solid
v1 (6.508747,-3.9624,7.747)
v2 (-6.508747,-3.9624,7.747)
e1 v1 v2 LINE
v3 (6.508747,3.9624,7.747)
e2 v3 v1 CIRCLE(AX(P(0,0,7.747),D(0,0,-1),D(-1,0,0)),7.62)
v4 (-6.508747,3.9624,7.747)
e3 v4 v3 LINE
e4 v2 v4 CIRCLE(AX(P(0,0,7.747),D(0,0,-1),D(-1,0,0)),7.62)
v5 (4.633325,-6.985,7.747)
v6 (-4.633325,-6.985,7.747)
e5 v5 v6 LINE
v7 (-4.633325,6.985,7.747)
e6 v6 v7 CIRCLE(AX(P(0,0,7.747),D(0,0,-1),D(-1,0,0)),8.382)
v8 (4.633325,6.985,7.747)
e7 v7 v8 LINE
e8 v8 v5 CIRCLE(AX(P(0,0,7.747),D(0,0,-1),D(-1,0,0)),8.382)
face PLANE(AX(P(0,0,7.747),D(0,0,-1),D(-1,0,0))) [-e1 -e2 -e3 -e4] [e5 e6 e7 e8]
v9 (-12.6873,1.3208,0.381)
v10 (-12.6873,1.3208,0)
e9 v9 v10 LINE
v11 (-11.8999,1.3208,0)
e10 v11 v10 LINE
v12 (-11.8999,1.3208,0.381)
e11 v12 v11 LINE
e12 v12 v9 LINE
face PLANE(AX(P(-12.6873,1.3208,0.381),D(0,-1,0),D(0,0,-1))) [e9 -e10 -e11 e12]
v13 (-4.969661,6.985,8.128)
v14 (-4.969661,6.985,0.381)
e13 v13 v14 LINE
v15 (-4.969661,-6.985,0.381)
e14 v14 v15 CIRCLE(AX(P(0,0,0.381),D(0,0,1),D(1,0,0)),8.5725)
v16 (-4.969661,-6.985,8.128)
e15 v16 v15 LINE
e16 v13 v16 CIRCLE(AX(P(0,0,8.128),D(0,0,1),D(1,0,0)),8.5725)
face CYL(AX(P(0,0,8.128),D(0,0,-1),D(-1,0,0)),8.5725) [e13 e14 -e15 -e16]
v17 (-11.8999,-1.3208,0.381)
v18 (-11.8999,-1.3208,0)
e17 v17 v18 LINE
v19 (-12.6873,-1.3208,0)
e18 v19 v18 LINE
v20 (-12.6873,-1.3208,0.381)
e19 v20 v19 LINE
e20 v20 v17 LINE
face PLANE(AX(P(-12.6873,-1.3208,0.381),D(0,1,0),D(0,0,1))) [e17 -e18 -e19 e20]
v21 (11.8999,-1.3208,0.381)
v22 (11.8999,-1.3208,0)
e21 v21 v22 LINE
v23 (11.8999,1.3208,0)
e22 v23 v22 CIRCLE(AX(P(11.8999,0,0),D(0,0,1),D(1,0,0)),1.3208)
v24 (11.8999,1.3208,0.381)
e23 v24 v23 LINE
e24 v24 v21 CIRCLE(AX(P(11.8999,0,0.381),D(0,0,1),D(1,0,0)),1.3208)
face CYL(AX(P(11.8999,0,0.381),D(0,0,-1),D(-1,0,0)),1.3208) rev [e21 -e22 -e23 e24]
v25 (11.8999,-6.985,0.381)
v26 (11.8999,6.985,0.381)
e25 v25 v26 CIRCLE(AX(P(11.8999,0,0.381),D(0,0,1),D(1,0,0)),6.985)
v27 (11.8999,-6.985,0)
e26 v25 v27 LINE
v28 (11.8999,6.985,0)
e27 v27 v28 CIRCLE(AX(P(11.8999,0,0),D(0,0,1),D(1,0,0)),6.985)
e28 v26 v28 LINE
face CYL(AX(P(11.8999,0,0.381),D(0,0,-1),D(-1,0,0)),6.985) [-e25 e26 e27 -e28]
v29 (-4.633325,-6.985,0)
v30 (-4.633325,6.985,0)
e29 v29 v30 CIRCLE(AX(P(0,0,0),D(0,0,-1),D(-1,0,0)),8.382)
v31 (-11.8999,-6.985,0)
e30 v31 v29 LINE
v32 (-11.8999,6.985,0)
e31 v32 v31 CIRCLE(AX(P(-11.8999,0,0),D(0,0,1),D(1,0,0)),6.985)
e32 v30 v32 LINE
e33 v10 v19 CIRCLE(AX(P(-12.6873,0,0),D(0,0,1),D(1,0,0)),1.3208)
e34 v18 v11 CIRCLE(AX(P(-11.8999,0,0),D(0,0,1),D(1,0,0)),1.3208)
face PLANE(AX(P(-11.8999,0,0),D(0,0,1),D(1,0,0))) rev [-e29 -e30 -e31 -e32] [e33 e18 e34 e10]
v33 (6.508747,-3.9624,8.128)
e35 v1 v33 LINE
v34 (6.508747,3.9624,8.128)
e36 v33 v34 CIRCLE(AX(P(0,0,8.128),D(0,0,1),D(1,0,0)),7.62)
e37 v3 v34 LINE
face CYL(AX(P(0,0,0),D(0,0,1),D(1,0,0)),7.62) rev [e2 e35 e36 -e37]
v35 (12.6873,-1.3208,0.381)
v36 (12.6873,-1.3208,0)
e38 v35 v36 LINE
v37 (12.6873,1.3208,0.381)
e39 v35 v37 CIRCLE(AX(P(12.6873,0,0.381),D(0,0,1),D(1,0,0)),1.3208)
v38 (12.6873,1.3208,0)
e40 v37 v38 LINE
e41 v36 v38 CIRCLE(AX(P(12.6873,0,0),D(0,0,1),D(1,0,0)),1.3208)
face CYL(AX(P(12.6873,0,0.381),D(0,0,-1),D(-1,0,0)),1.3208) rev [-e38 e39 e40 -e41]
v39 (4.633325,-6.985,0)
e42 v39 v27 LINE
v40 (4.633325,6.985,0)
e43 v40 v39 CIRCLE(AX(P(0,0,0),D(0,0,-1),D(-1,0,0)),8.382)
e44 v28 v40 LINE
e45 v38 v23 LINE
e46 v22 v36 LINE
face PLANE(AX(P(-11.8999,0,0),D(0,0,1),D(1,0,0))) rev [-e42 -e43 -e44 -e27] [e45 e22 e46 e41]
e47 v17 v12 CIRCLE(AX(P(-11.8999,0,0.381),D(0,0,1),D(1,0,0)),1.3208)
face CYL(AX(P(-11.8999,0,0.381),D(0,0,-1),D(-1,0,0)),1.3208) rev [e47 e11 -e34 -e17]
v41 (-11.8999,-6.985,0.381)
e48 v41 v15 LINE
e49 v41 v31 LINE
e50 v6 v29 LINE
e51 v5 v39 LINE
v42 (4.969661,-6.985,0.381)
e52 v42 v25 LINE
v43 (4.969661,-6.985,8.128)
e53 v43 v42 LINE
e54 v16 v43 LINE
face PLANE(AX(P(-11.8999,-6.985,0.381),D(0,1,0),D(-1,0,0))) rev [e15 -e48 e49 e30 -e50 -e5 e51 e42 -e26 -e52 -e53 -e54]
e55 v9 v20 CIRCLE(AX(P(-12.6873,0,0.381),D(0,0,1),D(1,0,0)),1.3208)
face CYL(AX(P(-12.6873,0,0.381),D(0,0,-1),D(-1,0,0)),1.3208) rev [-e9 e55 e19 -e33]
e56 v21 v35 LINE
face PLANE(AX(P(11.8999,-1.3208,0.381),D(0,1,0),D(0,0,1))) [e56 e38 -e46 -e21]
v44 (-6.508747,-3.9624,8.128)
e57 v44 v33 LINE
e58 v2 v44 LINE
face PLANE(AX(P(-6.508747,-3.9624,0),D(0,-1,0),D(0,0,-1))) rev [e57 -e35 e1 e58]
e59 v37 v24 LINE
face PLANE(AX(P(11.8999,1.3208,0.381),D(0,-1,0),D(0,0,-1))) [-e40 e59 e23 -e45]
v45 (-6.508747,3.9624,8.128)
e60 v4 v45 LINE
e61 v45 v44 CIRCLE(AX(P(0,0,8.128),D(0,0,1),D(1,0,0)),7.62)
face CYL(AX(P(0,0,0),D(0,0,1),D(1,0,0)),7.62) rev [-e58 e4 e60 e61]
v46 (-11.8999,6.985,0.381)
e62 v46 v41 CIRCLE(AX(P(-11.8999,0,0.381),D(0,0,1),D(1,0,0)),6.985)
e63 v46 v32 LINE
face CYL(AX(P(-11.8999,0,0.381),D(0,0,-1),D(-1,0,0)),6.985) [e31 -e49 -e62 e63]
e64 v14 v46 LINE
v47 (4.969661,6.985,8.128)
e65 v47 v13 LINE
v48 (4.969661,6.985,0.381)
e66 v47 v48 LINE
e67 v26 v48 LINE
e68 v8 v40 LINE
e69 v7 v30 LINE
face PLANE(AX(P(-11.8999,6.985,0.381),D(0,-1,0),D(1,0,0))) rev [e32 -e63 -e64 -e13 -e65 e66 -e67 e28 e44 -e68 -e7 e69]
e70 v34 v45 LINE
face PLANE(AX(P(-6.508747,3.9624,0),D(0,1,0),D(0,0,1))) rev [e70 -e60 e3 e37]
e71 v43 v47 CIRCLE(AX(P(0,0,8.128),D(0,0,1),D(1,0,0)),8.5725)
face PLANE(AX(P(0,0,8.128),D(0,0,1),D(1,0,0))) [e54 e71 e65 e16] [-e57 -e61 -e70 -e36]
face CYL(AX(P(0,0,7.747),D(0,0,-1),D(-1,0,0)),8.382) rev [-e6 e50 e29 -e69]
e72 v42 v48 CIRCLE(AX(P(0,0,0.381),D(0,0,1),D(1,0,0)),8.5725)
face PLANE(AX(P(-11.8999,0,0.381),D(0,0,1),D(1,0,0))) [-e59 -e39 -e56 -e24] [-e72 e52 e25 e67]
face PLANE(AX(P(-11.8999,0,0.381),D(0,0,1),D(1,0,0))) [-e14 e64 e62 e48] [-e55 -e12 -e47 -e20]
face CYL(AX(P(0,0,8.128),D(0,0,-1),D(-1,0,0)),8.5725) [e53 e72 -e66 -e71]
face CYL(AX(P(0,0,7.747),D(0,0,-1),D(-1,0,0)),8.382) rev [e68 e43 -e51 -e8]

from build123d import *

# Parameters (mm, degrees)
EXTRUDE1_DEPTH     = 0.381
EXTRUDE2_DEPTH     = 7.747
CUT_EXTRUDE1_DEPTH = 7.747
CUT_EXTRUDE2_DEPTH = 9.128


with BuildPart() as part:
    # Sketch1 → Extrude1 (new body)
    with BuildSketch(Plane.XY):
        with BuildLine():
            Line((-11.8999, 6.985), (11.8999, 6.985))
            ThreePointArc((11.8999, 6.985), (18.8849, 0), (11.8999, -6.985))
            Line((11.8999, -6.985), (-11.8999, -6.985))
            ThreePointArc((-11.8999, -6.985), (-18.8849, 0), (-11.8999, 6.985))
        make_face()
        with BuildLine():
            Line((11.8999, 1.3208), (12.6873, 1.3208))
            ThreePointArc((12.6873, 1.3208), (14.0081, 0), (12.6873, -1.3208))
            Line((12.6873, -1.3208), (11.8999, -1.3208))
            ThreePointArc((11.8999, -1.3208), (10.5791, 0), (11.8999, 1.3208))
        make_face(mode=Mode.SUBTRACT)
        with BuildLine():
            Line((-12.6873, 1.3208), (-11.8999, 1.3208))
            ThreePointArc((-11.8999, 1.3208), (-10.5791, 0), (-11.8999, -1.3208))
            Line((-11.8999, -1.3208), (-12.6873, -1.3208))
            ThreePointArc((-12.6873, -1.3208), (-14.0081, 0), (-12.6873, 1.3208))
        make_face(mode=Mode.SUBTRACT)
    extrude(amount=EXTRUDE1_DEPTH)

    # Sketch2 → Extrude2 (add)
    with BuildSketch(Plane.XY.offset(0.381)):
        with BuildLine():
            Line((-4.96966108, -6.985), (4.96966108, -6.985))
            ThreePointArc((4.96966108, -6.985), (8.5725, 0), (4.96966108, 6.985))
            Line((4.96966108, 6.985), (-4.96966108, 6.985))
            ThreePointArc((-4.96966108, 6.985), (-8.5725, 0), (-4.96966108, -6.985))
        make_face()
    extrude(amount=EXTRUDE2_DEPTH)

    # Sketch3 → Cut-Extrude1 (cut)
    with BuildSketch(Plane(origin=(0, 0, 0), x_dir=(-1, 0, 0), z_dir=(0, 0, -1))):
        with BuildLine():
            Line((-4.633324832, 6.985), (4.633324832, 6.985))
            ThreePointArc((4.633324832, 6.985), (8.382, 0), (4.633324832, -6.985))
            Line((4.633324832, -6.985), (-4.633324832, -6.985))
            ThreePointArc((-4.633324832, -6.985), (-8.382, 0), (-4.633324832, 6.985))
        make_face()
    extrude(amount=-CUT_EXTRUDE1_DEPTH, mode=Mode.SUBTRACT)

    # Sketch4 → Cut-Extrude2 (cut, through all)
    with BuildSketch(Plane.XY.offset(8.128)):
        with BuildLine():
            Line((-6.508746902, 3.9624), (6.508746902, 3.9624))
            ThreePointArc((6.508746902, 3.9624), (7.62, 0), (6.508746902, -3.9624))
            Line((6.508746902, -3.9624), (-6.508746902, -3.9624))
            ThreePointArc((-6.508746902, -3.9624), (-7.62, 0), (-6.508746902, 3.9624))
        make_face()
    extrude(amount=-CUT_EXTRUDE2_DEPTH, mode=Mode.SUBTRACT)


solid = part.part
